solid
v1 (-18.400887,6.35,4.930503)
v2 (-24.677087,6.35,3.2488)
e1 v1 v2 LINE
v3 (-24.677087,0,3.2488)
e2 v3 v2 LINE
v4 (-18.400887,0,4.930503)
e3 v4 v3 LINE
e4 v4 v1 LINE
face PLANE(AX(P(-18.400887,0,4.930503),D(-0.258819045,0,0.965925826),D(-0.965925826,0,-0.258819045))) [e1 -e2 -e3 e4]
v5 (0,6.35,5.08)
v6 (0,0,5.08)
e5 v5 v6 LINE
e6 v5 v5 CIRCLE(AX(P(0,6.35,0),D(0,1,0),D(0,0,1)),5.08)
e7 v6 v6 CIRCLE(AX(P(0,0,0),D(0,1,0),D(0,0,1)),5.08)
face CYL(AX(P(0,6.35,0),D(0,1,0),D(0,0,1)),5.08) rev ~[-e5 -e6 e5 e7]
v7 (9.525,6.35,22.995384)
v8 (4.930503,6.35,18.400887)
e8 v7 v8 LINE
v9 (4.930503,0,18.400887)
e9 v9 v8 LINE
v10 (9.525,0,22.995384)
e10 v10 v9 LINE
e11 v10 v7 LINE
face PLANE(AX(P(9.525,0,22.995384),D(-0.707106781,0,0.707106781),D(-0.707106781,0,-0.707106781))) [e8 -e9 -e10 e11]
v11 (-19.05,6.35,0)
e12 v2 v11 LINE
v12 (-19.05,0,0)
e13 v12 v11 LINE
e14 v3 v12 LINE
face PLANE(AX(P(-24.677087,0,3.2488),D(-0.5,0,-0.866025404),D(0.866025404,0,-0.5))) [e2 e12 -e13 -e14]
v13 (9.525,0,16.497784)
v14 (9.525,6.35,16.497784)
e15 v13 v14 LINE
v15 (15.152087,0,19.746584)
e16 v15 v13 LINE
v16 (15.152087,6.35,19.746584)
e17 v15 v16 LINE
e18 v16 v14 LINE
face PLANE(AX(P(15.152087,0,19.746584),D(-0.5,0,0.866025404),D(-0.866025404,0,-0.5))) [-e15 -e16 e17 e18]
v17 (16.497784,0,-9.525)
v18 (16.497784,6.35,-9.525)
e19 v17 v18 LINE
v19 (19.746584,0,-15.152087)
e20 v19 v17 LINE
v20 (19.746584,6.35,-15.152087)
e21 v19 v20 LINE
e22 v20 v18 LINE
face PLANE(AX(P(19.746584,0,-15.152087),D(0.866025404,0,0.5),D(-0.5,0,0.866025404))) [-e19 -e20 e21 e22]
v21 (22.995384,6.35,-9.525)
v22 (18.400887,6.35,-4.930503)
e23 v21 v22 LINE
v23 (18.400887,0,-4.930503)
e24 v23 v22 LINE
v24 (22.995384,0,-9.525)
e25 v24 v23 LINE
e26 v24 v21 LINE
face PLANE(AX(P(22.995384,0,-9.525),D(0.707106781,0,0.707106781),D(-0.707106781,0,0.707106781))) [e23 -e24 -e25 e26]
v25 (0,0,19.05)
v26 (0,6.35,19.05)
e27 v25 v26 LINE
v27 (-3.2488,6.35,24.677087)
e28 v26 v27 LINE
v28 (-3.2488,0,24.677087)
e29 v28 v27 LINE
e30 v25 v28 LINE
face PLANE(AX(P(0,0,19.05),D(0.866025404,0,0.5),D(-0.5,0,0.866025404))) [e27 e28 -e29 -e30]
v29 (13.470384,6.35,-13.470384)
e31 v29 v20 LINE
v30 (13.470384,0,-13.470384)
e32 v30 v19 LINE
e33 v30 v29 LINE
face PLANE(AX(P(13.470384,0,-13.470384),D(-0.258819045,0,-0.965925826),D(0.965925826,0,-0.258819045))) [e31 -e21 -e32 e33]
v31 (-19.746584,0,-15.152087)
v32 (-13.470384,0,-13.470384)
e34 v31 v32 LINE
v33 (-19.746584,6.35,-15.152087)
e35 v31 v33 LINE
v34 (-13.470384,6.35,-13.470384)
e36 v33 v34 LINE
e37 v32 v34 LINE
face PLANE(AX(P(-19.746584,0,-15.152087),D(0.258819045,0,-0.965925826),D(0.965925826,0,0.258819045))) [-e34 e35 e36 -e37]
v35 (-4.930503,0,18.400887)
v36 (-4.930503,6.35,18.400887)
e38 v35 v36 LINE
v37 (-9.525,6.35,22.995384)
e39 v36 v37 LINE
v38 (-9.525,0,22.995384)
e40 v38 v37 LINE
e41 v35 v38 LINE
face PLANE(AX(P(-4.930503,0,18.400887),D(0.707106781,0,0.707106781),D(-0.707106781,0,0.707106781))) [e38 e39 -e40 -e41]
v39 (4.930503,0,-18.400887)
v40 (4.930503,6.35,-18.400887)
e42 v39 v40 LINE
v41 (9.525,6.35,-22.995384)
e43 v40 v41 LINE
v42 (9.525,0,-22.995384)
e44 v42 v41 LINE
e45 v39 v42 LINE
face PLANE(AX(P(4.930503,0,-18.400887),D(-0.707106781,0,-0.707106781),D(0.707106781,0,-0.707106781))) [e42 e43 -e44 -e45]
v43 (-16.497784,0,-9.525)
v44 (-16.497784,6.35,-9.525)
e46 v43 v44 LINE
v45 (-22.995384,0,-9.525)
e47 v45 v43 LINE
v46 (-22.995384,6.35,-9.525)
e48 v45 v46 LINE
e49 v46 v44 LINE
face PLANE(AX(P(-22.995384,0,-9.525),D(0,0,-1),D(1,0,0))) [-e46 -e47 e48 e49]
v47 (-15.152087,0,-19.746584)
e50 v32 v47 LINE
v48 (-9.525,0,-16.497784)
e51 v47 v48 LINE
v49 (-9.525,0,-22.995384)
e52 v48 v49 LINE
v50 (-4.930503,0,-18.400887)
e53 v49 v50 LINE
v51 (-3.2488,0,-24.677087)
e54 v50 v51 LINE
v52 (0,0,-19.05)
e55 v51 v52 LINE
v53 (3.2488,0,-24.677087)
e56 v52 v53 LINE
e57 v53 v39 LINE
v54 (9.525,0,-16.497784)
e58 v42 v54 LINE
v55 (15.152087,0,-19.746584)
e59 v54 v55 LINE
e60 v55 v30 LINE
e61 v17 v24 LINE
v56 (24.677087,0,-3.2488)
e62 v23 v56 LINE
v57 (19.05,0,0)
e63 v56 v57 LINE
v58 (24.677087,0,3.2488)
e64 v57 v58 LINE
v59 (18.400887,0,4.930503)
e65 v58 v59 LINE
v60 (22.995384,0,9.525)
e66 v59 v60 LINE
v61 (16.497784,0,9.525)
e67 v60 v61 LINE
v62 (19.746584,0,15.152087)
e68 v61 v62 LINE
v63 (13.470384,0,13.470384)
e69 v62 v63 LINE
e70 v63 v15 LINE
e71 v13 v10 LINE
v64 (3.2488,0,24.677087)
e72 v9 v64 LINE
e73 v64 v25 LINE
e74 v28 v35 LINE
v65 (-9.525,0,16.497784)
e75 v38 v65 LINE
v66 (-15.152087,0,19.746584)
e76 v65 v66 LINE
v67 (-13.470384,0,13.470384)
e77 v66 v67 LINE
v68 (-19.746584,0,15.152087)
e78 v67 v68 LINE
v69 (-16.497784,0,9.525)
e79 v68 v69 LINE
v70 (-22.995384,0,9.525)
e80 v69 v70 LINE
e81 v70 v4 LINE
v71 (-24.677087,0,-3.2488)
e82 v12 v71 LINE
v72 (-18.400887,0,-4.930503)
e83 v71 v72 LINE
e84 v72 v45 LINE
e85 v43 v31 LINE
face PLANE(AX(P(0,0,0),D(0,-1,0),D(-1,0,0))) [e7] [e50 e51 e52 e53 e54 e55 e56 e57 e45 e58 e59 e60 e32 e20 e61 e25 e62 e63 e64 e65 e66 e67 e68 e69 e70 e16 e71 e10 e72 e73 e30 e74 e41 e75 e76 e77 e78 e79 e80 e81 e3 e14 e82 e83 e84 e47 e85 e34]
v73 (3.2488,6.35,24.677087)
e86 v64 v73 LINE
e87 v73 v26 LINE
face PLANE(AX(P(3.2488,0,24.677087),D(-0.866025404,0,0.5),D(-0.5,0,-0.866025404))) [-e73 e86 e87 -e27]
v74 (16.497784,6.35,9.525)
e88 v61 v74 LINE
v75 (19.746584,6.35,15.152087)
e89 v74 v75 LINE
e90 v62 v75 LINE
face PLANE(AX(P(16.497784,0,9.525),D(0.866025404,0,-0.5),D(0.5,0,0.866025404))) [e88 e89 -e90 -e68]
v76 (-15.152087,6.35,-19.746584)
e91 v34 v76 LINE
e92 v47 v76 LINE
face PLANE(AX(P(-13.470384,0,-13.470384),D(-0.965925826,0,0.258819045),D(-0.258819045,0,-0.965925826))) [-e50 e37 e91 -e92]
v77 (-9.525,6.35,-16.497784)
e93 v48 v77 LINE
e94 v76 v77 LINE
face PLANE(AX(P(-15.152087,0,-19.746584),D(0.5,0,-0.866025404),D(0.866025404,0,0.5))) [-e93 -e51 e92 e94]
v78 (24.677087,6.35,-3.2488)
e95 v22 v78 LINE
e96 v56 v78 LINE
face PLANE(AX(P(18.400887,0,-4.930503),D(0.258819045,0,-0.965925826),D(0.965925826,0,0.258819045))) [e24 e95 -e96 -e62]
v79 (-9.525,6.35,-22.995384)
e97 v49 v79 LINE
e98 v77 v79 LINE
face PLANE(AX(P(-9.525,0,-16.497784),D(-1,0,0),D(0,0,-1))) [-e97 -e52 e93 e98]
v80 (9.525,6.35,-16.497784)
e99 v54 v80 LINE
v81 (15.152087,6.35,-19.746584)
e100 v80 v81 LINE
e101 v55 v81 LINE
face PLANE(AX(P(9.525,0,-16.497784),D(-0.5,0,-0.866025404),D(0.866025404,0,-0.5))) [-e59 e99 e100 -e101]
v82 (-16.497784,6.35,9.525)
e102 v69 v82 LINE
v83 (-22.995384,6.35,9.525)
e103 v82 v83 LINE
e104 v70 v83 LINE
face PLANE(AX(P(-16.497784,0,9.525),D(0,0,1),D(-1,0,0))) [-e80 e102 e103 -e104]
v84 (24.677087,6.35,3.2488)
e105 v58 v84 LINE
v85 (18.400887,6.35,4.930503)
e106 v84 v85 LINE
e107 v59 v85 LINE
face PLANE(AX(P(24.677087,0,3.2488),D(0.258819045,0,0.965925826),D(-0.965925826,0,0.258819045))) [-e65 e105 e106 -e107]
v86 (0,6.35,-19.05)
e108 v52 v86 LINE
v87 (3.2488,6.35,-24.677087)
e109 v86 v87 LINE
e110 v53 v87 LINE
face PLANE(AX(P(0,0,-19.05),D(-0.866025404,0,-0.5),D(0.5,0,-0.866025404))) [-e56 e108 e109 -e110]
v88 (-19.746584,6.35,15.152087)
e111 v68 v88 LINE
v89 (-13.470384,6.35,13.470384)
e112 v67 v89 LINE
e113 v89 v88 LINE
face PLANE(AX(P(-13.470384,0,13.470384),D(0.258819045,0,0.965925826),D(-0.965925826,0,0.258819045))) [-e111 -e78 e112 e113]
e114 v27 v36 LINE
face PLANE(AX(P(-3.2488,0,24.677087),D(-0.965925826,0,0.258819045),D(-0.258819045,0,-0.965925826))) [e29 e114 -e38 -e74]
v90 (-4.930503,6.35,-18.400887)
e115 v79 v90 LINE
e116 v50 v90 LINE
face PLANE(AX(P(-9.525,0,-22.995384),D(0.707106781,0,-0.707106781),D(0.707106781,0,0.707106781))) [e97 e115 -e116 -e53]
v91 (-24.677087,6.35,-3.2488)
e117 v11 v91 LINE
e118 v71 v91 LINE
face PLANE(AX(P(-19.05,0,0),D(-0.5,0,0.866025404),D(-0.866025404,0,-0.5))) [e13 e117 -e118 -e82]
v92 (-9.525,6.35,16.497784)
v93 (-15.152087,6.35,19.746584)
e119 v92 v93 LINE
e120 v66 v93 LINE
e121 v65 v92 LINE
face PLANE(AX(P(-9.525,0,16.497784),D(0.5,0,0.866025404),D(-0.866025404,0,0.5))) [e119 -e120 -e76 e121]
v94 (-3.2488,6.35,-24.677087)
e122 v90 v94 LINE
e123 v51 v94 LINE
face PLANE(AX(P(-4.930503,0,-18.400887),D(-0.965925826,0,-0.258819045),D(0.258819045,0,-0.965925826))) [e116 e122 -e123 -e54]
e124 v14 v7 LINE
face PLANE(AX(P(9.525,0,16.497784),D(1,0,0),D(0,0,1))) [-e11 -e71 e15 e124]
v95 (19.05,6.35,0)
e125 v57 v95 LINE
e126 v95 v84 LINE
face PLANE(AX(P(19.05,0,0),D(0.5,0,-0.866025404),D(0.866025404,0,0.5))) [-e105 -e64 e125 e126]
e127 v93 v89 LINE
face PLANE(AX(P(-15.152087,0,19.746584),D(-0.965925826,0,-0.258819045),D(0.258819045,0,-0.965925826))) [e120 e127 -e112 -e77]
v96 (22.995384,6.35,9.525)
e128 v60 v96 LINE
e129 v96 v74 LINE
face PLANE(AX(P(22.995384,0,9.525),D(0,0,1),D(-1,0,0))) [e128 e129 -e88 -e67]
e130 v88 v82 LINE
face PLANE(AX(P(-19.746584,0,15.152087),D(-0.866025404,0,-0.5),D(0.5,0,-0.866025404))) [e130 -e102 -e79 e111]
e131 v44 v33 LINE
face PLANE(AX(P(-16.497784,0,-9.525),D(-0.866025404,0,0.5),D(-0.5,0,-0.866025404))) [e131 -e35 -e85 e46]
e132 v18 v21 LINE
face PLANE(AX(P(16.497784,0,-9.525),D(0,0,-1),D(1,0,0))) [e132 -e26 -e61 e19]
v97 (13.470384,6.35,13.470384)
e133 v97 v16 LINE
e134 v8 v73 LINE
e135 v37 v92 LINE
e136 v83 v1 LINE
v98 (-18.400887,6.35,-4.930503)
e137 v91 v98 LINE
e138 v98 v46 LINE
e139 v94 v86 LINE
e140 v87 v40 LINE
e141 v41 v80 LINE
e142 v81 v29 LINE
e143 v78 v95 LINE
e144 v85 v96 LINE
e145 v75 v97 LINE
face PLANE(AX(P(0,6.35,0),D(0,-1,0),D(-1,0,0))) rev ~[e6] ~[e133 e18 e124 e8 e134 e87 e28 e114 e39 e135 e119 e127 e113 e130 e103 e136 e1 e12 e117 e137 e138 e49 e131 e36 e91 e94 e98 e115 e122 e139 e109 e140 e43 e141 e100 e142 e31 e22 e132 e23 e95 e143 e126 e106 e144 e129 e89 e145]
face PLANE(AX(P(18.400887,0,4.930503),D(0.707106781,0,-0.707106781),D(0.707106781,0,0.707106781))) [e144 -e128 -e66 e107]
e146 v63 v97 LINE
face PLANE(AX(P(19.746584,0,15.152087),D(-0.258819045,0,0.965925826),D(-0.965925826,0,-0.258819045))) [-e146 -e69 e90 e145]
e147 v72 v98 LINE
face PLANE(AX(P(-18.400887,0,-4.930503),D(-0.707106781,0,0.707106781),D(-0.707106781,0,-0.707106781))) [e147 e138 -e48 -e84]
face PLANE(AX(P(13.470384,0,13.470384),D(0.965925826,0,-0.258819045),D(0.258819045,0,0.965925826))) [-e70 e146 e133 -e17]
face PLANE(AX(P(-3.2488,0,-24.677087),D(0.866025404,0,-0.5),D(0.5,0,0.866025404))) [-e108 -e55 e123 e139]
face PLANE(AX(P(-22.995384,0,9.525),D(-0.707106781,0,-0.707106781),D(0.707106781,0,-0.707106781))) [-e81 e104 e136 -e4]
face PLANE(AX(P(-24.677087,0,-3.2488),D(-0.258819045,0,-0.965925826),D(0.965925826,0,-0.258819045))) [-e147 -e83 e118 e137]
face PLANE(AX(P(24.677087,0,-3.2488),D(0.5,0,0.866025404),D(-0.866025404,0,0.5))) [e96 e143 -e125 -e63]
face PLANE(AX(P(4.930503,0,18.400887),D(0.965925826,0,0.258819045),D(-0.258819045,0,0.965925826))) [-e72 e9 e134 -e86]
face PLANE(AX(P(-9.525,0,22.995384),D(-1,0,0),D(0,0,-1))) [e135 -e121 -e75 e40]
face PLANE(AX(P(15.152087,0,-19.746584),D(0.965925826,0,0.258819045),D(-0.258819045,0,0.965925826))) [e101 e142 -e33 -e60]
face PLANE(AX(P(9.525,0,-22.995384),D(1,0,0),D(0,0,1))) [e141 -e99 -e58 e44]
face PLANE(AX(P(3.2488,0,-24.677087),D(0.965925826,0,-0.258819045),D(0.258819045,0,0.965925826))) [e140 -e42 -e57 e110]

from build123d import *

# Parameters (mm, degrees)
BOSS_EXTRUDE1_DEPTH = 6.35
SKETCH3_R           = 5.08
CUT_EXTRUDE3_DEPTH  = 6.35


with BuildPart() as part:
    # Sketch2 → Boss-Extrude1 (new body)
    with BuildSketch(Plane(origin=(0, 0, 0), x_dir=(1, 0, 0), z_dir=(0, 1, 0))):
        Polygon((-9.525, 16.497783942), (-9.525, 22.995384182), (-4.930502809, 18.400886991), (-3.24880012, 24.677086871), (0, 19.05), (3.24880012, 24.677086871), (4.930502809, 18.400886991), (9.525, 22.995384182), (9.525, 16.497783942), (15.152086871, 19.746584062), (13.470384182, 13.470384182), (19.746584062, 15.152086871), (16.497783942, 9.525), (22.995384182, 9.525), (18.400886991, 4.930502809), (24.677086871, 3.24880012), (19.05, 0), (24.677086871, -3.24880012), (18.400886991, -4.930502809), (22.995384182, -9.525), (16.497783942, -9.525), (19.746584062, -15.152086871), (13.470384182, -13.470384182), (15.152086871, -19.746584062), (9.525, -16.497783942), (9.525, -22.995384182), (4.930502809, -18.400886991), (3.24880012, -24.677086871), (0, -19.05), (-3.24880012, -24.677086871), (-4.930502809, -18.400886991), (-9.525, -22.995384182), (-9.525, -16.497783942), (-15.152086871, -19.746584062), (-13.470384182, -13.470384182), (-19.746584062, -15.152086871), (-16.497783942, -9.525), (-22.995384182, -9.525), (-18.400886991, -4.930502809), (-24.677086871, -3.24880012), (-19.05, 0), (-24.677086871, 3.24880012), (-18.400886991, 4.930502809), (-22.995384182, 9.525), (-16.497783942, 9.525), (-19.746584062, 15.152086871), (-13.470384182, 13.470384182), (-15.152086871, 19.746584062), align=None)
    extrude(amount=BOSS_EXTRUDE1_DEPTH)

    # Sketch3 → Cut-Extrude3 (cut)
    with BuildSketch(Plane(origin=(0, 6.35, 0), x_dir=(1, 0, 0), z_dir=(0, 1, 0))):
        with Locations(Location((0, 0, 0), (0, 0, 270))):
            Circle(SKETCH3_R)
    extrude(amount=-CUT_EXTRUDE3_DEPTH, mode=Mode.SUBTRACT)


solid = part.part
